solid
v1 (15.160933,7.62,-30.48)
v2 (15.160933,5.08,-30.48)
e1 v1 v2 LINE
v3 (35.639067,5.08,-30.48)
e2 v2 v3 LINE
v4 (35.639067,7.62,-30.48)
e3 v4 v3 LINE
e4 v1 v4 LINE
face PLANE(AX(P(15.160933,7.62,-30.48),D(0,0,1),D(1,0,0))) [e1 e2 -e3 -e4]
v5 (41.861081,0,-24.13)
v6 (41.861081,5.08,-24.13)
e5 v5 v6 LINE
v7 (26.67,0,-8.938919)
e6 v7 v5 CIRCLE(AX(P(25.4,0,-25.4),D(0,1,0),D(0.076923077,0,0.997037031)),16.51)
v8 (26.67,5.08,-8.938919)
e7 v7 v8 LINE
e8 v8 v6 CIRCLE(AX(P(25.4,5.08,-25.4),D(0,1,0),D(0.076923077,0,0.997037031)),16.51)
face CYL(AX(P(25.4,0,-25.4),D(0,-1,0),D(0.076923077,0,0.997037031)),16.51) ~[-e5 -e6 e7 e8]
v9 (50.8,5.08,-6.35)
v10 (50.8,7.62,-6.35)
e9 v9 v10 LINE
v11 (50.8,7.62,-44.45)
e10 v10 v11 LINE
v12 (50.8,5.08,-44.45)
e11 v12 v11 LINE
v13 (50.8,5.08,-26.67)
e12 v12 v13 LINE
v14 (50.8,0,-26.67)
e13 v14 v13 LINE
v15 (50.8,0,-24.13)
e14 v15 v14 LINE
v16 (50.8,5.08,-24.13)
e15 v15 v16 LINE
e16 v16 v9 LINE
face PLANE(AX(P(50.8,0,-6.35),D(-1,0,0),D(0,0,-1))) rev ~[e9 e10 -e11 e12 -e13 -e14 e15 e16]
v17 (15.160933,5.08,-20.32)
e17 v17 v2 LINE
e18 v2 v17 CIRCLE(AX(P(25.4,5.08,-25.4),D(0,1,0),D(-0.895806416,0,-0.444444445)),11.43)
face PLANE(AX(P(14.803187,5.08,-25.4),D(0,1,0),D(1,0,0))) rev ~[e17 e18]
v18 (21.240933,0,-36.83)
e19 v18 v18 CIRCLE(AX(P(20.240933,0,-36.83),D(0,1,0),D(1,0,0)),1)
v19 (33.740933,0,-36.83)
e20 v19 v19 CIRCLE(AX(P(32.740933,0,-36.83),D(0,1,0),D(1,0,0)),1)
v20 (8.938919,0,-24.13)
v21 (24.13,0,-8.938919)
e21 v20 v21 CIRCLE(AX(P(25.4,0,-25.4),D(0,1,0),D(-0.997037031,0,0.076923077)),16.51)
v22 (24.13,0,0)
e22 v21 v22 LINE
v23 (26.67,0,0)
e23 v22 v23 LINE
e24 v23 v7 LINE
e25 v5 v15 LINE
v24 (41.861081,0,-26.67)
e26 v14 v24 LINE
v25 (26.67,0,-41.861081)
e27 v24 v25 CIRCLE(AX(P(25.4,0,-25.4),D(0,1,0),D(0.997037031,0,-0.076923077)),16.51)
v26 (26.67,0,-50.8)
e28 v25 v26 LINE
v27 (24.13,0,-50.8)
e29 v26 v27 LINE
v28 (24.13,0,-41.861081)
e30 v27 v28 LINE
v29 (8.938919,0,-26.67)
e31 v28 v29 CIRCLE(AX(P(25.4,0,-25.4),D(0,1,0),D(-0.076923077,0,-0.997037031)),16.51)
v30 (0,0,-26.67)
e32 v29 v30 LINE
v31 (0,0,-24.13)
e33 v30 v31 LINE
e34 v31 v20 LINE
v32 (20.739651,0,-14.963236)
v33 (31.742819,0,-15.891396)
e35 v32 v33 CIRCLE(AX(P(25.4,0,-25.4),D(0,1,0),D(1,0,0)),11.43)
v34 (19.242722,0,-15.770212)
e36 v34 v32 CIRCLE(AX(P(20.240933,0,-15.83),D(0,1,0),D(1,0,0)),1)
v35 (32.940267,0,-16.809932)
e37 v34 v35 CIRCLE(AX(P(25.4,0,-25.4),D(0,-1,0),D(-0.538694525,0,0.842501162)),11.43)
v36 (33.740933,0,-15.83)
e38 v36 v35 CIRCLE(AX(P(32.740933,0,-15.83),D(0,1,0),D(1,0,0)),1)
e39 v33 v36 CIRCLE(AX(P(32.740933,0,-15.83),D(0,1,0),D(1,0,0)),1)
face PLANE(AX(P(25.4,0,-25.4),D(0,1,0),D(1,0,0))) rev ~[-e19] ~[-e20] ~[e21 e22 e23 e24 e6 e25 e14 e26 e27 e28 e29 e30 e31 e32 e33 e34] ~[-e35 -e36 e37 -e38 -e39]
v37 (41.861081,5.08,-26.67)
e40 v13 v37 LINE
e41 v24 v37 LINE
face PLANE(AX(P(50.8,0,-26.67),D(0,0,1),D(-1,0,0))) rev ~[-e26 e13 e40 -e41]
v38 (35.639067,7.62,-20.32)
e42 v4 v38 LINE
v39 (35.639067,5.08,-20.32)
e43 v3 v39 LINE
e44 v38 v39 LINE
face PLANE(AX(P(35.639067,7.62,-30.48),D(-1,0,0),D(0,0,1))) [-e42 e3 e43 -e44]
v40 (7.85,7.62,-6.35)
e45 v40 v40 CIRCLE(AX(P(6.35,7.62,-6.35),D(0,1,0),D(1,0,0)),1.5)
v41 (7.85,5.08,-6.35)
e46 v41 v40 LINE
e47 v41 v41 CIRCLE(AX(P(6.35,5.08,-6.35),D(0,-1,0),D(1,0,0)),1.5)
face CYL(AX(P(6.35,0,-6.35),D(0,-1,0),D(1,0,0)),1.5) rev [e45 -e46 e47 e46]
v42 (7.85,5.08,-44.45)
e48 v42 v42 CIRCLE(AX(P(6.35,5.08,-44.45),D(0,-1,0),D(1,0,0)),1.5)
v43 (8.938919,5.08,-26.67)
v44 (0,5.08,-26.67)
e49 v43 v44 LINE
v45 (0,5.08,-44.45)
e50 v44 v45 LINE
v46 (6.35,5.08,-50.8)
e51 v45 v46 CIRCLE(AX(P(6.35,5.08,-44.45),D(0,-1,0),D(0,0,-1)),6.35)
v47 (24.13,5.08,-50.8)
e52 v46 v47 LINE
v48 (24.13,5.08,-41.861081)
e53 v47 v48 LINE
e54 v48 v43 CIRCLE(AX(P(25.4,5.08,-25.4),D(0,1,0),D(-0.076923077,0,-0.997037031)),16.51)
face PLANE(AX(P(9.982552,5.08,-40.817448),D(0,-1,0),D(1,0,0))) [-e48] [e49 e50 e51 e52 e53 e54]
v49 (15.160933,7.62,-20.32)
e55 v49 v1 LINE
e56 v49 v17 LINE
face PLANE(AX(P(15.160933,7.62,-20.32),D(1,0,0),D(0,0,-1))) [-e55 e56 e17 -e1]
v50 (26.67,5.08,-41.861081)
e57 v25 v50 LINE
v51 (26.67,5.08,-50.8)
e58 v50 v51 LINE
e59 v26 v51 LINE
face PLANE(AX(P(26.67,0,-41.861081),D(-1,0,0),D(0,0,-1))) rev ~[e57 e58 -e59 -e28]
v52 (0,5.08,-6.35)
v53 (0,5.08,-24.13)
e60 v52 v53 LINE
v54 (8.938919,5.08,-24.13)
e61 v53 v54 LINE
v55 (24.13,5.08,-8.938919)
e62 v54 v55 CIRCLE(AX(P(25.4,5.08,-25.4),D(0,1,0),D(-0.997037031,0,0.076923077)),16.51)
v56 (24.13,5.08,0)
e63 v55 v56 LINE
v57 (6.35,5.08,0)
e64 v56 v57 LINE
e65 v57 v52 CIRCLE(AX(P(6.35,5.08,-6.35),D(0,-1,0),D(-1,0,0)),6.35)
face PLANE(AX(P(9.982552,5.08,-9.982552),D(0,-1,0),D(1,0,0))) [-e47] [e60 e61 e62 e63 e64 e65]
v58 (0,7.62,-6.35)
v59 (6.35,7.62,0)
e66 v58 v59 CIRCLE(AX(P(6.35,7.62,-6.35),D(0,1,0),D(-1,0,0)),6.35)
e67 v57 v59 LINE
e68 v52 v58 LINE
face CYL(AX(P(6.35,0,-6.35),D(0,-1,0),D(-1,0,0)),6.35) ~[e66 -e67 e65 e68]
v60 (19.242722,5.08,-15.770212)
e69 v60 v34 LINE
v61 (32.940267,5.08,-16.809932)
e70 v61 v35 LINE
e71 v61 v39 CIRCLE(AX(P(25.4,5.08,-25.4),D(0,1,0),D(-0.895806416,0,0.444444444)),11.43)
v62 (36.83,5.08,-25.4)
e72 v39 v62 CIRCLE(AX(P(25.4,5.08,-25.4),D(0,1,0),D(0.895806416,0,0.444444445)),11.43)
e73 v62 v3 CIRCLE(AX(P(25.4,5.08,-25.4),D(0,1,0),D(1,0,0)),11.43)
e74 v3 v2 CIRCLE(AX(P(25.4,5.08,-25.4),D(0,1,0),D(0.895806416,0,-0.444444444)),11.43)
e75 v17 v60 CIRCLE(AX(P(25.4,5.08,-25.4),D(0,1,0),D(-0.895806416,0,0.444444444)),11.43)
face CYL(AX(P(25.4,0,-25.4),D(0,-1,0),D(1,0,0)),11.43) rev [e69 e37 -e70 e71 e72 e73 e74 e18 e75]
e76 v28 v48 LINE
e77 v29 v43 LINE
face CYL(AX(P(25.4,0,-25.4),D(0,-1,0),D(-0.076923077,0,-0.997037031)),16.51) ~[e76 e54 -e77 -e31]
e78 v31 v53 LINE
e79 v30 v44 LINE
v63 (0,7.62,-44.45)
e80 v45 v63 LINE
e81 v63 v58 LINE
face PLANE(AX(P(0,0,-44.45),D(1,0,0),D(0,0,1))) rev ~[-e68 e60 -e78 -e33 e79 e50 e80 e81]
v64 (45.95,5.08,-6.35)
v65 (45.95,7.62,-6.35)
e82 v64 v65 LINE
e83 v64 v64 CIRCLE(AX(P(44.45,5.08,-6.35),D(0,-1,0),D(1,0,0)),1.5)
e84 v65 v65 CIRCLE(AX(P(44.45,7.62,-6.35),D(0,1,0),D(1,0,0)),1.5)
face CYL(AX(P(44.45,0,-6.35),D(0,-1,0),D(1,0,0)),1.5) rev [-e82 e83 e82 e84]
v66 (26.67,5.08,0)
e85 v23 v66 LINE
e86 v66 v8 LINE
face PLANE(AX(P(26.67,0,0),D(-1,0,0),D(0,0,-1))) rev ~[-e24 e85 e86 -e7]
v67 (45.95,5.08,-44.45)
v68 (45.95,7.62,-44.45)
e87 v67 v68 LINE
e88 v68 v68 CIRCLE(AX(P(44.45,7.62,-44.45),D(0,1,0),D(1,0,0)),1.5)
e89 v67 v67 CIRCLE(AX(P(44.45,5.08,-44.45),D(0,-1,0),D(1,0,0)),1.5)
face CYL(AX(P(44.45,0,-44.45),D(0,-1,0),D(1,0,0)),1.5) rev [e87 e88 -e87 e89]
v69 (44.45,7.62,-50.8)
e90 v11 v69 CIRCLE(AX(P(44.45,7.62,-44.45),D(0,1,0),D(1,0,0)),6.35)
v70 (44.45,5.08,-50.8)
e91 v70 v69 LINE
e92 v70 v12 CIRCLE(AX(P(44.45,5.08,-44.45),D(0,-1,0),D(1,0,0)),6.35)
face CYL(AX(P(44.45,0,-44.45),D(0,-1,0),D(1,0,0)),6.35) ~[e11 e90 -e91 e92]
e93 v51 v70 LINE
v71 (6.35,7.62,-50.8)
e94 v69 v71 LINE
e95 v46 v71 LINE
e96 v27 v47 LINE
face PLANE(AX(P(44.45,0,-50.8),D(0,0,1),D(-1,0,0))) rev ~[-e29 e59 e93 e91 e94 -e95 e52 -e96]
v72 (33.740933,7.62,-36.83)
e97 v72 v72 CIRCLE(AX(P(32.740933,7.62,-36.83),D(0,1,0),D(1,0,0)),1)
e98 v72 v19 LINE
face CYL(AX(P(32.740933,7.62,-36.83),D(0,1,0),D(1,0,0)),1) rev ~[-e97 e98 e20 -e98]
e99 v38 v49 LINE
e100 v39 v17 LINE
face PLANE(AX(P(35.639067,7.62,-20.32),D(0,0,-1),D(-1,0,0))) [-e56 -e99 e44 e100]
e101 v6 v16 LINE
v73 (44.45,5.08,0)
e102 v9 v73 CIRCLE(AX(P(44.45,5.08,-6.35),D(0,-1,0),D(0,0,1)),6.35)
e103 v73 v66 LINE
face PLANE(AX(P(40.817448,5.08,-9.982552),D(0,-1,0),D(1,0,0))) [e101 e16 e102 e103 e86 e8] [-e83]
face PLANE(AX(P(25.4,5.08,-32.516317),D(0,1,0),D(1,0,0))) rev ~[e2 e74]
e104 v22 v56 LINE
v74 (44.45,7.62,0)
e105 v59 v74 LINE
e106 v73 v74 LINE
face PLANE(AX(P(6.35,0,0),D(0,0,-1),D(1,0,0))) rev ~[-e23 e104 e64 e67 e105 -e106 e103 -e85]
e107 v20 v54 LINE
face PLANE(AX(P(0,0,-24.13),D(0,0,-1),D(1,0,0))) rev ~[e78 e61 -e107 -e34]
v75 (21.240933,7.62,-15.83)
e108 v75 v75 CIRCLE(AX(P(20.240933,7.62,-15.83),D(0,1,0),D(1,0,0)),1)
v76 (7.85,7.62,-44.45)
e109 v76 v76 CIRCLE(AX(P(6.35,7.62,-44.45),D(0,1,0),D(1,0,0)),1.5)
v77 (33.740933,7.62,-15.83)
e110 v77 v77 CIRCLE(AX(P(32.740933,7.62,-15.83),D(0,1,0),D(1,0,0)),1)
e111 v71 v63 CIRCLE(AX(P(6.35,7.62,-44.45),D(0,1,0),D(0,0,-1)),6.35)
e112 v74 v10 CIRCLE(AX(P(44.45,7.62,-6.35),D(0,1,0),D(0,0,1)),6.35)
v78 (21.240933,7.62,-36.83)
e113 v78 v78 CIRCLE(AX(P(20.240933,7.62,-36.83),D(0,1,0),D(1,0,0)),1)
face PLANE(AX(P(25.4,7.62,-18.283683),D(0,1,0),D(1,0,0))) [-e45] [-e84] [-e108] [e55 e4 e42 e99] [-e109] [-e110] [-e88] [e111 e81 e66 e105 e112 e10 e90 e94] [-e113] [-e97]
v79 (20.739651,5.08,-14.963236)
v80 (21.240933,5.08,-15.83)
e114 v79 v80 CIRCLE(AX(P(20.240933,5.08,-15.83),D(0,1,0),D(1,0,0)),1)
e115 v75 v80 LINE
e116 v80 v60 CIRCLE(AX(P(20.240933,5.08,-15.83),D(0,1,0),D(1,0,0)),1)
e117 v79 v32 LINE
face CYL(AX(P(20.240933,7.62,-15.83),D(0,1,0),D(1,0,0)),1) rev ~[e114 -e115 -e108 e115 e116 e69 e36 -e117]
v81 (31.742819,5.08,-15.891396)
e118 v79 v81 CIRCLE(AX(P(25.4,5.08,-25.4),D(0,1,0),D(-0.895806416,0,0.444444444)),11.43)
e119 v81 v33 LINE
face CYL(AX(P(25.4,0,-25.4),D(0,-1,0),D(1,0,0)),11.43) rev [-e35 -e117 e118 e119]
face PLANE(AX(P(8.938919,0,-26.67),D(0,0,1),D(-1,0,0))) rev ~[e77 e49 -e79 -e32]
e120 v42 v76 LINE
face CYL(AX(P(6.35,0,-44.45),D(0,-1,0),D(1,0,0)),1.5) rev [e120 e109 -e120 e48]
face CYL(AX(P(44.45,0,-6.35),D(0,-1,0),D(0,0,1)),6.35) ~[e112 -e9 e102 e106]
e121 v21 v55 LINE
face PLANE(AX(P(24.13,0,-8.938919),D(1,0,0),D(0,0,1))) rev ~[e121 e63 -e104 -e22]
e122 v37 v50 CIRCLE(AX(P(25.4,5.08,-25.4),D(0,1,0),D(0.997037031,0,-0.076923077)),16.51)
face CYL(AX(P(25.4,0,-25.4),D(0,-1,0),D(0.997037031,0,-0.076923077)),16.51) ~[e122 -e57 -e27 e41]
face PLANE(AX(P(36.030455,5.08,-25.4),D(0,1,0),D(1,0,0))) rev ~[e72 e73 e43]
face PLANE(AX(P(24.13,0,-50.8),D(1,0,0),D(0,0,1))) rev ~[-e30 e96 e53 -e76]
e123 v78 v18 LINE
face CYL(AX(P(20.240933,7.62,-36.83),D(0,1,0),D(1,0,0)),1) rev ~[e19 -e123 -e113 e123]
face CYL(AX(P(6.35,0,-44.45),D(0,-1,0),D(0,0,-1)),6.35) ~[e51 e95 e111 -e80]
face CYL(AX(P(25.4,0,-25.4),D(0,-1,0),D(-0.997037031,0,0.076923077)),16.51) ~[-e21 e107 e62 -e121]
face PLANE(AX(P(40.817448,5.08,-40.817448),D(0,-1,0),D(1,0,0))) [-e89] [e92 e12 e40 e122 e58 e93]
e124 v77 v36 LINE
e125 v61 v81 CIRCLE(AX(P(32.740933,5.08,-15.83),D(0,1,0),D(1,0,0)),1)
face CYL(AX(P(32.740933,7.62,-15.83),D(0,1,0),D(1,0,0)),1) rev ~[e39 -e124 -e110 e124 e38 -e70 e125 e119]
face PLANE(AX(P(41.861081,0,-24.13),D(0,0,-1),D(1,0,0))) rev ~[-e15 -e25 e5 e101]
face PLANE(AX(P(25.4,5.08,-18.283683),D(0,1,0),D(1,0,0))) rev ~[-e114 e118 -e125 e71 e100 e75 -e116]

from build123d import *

# Parameters (mm, degrees)
SKETCH1_R           = 1.5
SKETCH1_R_2         = 11.43
BOSS_EXTRUDE1_DEPTH = 7.62
CUT_EXTRUDE1_DEPTH  = 5.08
BOSS_EXTRUDE2_DEPTH = 2.54
SKETCH4_R           = 1
CUT_EXTRUDE2_DEPTH  = 8.62


with BuildPart() as part:
    # Sketch1 → Boss-Extrude1 (new body)
    with BuildSketch(Plane(origin=(0, 0, 0), x_dir=(1, 0, 0), z_dir=(0, 1, 0))):
        with BuildLine():
            Line((6.35, 0), (44.45, 0))
            ThreePointArc((44.45, 0), (48.940128061, 1.859871939), (50.8, 6.35))
            Line((50.8, 6.35), (50.8, 44.45))
            ThreePointArc((50.8, 44.45), (48.940128061, 48.940128061), (44.45, 50.8))
            Line((44.45, 50.8), (6.35, 50.8))
            ThreePointArc((6.35, 50.8), (1.859871939, 48.940128061), (0, 44.45))
            Line((0, 44.45), (0, 6.35))
            ThreePointArc((0, 6.35), (1.859871939, 1.859871939), (6.35, 0))
        make_face()
        with Locations((6.35, 6.35)):
            Circle(SKETCH1_R, mode=Mode.SUBTRACT)
        with Locations((6.35, 44.45)):
            Circle(SKETCH1_R, mode=Mode.SUBTRACT)
        with Locations((44.45, 44.45)):
            Circle(SKETCH1_R, mode=Mode.SUBTRACT)
        with Locations((44.45, 6.35)):
            Circle(SKETCH1_R, mode=Mode.SUBTRACT)
        with Locations((25.4, 25.4)):
            Circle(SKETCH1_R_2, mode=Mode.SUBTRACT)
    extrude(amount=BOSS_EXTRUDE1_DEPTH)

    # Sketch2 → Cut-Extrude1 (cut)
    with BuildSketch(Plane.XZ):
        with BuildLine():
            Line((8.938918626, -26.67), (0, -26.67))
            Line((0, -26.67), (0, -50.8))
            Line((0, -50.8), (24.13, -50.8))
            Line((24.13, -50.8), (24.13, -41.861081374))
            ThreePointArc((24.13, -41.861081374), (13.725667043, -37.074332957), (8.938918626, -26.67))
        make_face()
        with BuildLine():
            Line((0, 0), (0, -24.13))
            Line((0, -24.13), (8.938918626, -24.13))
            ThreePointArc((8.938918626, -24.13), (13.725667043, -13.725667043), (24.13, -8.938918626))
            Line((24.13, -8.938918626), (24.13, 0))
            Line((24.13, 0), (0, 0))
        make_face()
        with BuildLine():
            ThreePointArc((41.861081374, -26.67), (37.074332957, -37.074332957), (26.67, -41.861081374))
            Line((26.67, -41.861081374), (26.67, -50.8))
            Line((26.67, -50.8), (50.8, -50.8))
            Line((50.8, -50.8), (50.8, -26.67))
            Line((50.8, -26.67), (41.861081374, -26.67))
        make_face()
        with BuildLine():
            Line((26.67, 0), (26.67, -8.938918626))
            ThreePointArc((26.67, -8.938918626), (37.074332957, -13.725667043), (41.861081374, -24.13))
            Line((41.861081374, -24.13), (50.8, -24.13))
            Line((50.8, -24.13), (50.8, 0))
            Line((50.8, 0), (26.67, 0))
        make_face()
    extrude(amount=-CUT_EXTRUDE1_DEPTH, mode=Mode.SUBTRACT)

    # Sketch3 → Boss-Extrude2 (add)
    with BuildSketch(Plane(origin=(0, 7.62, 0), x_dir=(1, 0, 0), z_dir=(0, 1, 0))):
        with BuildLine():
            Line((35.63906734, 20.32), (15.16093266, 20.32))
            ThreePointArc((15.16093266, 20.32), (25.4, 13.97), (35.63906734, 20.32))
        make_face()
        with BuildLine():
            ThreePointArc((15.16093266, 30.48), (13.97, 25.4), (15.16093266, 20.32))
            Line((15.16093266, 20.32), (15.16093266, 30.48))
        make_face()
        with BuildLine():
            ThreePointArc((35.63906734, 30.48), (25.4, 36.83), (15.16093266, 30.48))
            Line((15.16093266, 30.48), (35.63906734, 30.48))
        make_face()
        with BuildLine():
            Line((35.63906734, 30.48), (35.63906734, 20.32))
            ThreePointArc((35.63906734, 20.32), (36.528284677, 22.791134317), (36.83, 25.4))
            ThreePointArc((36.83, 25.4), (36.528284677, 28.008865683), (35.63906734, 30.48))
        make_face()
    extrude(amount=-BOSS_EXTRUDE2_DEPTH)

    # Sketch4 → Cut-Extrude2 (cut, through all)
    with BuildSketch(Plane(origin=(0, 7.62, 0), x_dir=(1, 0, 0), z_dir=(0, 1, 0))):
        with Locations((20.24093266, 36.83)):
            Circle(SKETCH4_R)
        with Locations((32.74093266, 36.83)):
            Circle(SKETCH4_R)
        with Locations((20.24093266, 15.83)):
            Circle(SKETCH4_R)
        with Locations((32.74093266, 15.83)):
            Circle(SKETCH4_R)
    extrude(amount=-CUT_EXTRUDE2_DEPTH, mode=Mode.SUBTRACT)


solid = part.part
